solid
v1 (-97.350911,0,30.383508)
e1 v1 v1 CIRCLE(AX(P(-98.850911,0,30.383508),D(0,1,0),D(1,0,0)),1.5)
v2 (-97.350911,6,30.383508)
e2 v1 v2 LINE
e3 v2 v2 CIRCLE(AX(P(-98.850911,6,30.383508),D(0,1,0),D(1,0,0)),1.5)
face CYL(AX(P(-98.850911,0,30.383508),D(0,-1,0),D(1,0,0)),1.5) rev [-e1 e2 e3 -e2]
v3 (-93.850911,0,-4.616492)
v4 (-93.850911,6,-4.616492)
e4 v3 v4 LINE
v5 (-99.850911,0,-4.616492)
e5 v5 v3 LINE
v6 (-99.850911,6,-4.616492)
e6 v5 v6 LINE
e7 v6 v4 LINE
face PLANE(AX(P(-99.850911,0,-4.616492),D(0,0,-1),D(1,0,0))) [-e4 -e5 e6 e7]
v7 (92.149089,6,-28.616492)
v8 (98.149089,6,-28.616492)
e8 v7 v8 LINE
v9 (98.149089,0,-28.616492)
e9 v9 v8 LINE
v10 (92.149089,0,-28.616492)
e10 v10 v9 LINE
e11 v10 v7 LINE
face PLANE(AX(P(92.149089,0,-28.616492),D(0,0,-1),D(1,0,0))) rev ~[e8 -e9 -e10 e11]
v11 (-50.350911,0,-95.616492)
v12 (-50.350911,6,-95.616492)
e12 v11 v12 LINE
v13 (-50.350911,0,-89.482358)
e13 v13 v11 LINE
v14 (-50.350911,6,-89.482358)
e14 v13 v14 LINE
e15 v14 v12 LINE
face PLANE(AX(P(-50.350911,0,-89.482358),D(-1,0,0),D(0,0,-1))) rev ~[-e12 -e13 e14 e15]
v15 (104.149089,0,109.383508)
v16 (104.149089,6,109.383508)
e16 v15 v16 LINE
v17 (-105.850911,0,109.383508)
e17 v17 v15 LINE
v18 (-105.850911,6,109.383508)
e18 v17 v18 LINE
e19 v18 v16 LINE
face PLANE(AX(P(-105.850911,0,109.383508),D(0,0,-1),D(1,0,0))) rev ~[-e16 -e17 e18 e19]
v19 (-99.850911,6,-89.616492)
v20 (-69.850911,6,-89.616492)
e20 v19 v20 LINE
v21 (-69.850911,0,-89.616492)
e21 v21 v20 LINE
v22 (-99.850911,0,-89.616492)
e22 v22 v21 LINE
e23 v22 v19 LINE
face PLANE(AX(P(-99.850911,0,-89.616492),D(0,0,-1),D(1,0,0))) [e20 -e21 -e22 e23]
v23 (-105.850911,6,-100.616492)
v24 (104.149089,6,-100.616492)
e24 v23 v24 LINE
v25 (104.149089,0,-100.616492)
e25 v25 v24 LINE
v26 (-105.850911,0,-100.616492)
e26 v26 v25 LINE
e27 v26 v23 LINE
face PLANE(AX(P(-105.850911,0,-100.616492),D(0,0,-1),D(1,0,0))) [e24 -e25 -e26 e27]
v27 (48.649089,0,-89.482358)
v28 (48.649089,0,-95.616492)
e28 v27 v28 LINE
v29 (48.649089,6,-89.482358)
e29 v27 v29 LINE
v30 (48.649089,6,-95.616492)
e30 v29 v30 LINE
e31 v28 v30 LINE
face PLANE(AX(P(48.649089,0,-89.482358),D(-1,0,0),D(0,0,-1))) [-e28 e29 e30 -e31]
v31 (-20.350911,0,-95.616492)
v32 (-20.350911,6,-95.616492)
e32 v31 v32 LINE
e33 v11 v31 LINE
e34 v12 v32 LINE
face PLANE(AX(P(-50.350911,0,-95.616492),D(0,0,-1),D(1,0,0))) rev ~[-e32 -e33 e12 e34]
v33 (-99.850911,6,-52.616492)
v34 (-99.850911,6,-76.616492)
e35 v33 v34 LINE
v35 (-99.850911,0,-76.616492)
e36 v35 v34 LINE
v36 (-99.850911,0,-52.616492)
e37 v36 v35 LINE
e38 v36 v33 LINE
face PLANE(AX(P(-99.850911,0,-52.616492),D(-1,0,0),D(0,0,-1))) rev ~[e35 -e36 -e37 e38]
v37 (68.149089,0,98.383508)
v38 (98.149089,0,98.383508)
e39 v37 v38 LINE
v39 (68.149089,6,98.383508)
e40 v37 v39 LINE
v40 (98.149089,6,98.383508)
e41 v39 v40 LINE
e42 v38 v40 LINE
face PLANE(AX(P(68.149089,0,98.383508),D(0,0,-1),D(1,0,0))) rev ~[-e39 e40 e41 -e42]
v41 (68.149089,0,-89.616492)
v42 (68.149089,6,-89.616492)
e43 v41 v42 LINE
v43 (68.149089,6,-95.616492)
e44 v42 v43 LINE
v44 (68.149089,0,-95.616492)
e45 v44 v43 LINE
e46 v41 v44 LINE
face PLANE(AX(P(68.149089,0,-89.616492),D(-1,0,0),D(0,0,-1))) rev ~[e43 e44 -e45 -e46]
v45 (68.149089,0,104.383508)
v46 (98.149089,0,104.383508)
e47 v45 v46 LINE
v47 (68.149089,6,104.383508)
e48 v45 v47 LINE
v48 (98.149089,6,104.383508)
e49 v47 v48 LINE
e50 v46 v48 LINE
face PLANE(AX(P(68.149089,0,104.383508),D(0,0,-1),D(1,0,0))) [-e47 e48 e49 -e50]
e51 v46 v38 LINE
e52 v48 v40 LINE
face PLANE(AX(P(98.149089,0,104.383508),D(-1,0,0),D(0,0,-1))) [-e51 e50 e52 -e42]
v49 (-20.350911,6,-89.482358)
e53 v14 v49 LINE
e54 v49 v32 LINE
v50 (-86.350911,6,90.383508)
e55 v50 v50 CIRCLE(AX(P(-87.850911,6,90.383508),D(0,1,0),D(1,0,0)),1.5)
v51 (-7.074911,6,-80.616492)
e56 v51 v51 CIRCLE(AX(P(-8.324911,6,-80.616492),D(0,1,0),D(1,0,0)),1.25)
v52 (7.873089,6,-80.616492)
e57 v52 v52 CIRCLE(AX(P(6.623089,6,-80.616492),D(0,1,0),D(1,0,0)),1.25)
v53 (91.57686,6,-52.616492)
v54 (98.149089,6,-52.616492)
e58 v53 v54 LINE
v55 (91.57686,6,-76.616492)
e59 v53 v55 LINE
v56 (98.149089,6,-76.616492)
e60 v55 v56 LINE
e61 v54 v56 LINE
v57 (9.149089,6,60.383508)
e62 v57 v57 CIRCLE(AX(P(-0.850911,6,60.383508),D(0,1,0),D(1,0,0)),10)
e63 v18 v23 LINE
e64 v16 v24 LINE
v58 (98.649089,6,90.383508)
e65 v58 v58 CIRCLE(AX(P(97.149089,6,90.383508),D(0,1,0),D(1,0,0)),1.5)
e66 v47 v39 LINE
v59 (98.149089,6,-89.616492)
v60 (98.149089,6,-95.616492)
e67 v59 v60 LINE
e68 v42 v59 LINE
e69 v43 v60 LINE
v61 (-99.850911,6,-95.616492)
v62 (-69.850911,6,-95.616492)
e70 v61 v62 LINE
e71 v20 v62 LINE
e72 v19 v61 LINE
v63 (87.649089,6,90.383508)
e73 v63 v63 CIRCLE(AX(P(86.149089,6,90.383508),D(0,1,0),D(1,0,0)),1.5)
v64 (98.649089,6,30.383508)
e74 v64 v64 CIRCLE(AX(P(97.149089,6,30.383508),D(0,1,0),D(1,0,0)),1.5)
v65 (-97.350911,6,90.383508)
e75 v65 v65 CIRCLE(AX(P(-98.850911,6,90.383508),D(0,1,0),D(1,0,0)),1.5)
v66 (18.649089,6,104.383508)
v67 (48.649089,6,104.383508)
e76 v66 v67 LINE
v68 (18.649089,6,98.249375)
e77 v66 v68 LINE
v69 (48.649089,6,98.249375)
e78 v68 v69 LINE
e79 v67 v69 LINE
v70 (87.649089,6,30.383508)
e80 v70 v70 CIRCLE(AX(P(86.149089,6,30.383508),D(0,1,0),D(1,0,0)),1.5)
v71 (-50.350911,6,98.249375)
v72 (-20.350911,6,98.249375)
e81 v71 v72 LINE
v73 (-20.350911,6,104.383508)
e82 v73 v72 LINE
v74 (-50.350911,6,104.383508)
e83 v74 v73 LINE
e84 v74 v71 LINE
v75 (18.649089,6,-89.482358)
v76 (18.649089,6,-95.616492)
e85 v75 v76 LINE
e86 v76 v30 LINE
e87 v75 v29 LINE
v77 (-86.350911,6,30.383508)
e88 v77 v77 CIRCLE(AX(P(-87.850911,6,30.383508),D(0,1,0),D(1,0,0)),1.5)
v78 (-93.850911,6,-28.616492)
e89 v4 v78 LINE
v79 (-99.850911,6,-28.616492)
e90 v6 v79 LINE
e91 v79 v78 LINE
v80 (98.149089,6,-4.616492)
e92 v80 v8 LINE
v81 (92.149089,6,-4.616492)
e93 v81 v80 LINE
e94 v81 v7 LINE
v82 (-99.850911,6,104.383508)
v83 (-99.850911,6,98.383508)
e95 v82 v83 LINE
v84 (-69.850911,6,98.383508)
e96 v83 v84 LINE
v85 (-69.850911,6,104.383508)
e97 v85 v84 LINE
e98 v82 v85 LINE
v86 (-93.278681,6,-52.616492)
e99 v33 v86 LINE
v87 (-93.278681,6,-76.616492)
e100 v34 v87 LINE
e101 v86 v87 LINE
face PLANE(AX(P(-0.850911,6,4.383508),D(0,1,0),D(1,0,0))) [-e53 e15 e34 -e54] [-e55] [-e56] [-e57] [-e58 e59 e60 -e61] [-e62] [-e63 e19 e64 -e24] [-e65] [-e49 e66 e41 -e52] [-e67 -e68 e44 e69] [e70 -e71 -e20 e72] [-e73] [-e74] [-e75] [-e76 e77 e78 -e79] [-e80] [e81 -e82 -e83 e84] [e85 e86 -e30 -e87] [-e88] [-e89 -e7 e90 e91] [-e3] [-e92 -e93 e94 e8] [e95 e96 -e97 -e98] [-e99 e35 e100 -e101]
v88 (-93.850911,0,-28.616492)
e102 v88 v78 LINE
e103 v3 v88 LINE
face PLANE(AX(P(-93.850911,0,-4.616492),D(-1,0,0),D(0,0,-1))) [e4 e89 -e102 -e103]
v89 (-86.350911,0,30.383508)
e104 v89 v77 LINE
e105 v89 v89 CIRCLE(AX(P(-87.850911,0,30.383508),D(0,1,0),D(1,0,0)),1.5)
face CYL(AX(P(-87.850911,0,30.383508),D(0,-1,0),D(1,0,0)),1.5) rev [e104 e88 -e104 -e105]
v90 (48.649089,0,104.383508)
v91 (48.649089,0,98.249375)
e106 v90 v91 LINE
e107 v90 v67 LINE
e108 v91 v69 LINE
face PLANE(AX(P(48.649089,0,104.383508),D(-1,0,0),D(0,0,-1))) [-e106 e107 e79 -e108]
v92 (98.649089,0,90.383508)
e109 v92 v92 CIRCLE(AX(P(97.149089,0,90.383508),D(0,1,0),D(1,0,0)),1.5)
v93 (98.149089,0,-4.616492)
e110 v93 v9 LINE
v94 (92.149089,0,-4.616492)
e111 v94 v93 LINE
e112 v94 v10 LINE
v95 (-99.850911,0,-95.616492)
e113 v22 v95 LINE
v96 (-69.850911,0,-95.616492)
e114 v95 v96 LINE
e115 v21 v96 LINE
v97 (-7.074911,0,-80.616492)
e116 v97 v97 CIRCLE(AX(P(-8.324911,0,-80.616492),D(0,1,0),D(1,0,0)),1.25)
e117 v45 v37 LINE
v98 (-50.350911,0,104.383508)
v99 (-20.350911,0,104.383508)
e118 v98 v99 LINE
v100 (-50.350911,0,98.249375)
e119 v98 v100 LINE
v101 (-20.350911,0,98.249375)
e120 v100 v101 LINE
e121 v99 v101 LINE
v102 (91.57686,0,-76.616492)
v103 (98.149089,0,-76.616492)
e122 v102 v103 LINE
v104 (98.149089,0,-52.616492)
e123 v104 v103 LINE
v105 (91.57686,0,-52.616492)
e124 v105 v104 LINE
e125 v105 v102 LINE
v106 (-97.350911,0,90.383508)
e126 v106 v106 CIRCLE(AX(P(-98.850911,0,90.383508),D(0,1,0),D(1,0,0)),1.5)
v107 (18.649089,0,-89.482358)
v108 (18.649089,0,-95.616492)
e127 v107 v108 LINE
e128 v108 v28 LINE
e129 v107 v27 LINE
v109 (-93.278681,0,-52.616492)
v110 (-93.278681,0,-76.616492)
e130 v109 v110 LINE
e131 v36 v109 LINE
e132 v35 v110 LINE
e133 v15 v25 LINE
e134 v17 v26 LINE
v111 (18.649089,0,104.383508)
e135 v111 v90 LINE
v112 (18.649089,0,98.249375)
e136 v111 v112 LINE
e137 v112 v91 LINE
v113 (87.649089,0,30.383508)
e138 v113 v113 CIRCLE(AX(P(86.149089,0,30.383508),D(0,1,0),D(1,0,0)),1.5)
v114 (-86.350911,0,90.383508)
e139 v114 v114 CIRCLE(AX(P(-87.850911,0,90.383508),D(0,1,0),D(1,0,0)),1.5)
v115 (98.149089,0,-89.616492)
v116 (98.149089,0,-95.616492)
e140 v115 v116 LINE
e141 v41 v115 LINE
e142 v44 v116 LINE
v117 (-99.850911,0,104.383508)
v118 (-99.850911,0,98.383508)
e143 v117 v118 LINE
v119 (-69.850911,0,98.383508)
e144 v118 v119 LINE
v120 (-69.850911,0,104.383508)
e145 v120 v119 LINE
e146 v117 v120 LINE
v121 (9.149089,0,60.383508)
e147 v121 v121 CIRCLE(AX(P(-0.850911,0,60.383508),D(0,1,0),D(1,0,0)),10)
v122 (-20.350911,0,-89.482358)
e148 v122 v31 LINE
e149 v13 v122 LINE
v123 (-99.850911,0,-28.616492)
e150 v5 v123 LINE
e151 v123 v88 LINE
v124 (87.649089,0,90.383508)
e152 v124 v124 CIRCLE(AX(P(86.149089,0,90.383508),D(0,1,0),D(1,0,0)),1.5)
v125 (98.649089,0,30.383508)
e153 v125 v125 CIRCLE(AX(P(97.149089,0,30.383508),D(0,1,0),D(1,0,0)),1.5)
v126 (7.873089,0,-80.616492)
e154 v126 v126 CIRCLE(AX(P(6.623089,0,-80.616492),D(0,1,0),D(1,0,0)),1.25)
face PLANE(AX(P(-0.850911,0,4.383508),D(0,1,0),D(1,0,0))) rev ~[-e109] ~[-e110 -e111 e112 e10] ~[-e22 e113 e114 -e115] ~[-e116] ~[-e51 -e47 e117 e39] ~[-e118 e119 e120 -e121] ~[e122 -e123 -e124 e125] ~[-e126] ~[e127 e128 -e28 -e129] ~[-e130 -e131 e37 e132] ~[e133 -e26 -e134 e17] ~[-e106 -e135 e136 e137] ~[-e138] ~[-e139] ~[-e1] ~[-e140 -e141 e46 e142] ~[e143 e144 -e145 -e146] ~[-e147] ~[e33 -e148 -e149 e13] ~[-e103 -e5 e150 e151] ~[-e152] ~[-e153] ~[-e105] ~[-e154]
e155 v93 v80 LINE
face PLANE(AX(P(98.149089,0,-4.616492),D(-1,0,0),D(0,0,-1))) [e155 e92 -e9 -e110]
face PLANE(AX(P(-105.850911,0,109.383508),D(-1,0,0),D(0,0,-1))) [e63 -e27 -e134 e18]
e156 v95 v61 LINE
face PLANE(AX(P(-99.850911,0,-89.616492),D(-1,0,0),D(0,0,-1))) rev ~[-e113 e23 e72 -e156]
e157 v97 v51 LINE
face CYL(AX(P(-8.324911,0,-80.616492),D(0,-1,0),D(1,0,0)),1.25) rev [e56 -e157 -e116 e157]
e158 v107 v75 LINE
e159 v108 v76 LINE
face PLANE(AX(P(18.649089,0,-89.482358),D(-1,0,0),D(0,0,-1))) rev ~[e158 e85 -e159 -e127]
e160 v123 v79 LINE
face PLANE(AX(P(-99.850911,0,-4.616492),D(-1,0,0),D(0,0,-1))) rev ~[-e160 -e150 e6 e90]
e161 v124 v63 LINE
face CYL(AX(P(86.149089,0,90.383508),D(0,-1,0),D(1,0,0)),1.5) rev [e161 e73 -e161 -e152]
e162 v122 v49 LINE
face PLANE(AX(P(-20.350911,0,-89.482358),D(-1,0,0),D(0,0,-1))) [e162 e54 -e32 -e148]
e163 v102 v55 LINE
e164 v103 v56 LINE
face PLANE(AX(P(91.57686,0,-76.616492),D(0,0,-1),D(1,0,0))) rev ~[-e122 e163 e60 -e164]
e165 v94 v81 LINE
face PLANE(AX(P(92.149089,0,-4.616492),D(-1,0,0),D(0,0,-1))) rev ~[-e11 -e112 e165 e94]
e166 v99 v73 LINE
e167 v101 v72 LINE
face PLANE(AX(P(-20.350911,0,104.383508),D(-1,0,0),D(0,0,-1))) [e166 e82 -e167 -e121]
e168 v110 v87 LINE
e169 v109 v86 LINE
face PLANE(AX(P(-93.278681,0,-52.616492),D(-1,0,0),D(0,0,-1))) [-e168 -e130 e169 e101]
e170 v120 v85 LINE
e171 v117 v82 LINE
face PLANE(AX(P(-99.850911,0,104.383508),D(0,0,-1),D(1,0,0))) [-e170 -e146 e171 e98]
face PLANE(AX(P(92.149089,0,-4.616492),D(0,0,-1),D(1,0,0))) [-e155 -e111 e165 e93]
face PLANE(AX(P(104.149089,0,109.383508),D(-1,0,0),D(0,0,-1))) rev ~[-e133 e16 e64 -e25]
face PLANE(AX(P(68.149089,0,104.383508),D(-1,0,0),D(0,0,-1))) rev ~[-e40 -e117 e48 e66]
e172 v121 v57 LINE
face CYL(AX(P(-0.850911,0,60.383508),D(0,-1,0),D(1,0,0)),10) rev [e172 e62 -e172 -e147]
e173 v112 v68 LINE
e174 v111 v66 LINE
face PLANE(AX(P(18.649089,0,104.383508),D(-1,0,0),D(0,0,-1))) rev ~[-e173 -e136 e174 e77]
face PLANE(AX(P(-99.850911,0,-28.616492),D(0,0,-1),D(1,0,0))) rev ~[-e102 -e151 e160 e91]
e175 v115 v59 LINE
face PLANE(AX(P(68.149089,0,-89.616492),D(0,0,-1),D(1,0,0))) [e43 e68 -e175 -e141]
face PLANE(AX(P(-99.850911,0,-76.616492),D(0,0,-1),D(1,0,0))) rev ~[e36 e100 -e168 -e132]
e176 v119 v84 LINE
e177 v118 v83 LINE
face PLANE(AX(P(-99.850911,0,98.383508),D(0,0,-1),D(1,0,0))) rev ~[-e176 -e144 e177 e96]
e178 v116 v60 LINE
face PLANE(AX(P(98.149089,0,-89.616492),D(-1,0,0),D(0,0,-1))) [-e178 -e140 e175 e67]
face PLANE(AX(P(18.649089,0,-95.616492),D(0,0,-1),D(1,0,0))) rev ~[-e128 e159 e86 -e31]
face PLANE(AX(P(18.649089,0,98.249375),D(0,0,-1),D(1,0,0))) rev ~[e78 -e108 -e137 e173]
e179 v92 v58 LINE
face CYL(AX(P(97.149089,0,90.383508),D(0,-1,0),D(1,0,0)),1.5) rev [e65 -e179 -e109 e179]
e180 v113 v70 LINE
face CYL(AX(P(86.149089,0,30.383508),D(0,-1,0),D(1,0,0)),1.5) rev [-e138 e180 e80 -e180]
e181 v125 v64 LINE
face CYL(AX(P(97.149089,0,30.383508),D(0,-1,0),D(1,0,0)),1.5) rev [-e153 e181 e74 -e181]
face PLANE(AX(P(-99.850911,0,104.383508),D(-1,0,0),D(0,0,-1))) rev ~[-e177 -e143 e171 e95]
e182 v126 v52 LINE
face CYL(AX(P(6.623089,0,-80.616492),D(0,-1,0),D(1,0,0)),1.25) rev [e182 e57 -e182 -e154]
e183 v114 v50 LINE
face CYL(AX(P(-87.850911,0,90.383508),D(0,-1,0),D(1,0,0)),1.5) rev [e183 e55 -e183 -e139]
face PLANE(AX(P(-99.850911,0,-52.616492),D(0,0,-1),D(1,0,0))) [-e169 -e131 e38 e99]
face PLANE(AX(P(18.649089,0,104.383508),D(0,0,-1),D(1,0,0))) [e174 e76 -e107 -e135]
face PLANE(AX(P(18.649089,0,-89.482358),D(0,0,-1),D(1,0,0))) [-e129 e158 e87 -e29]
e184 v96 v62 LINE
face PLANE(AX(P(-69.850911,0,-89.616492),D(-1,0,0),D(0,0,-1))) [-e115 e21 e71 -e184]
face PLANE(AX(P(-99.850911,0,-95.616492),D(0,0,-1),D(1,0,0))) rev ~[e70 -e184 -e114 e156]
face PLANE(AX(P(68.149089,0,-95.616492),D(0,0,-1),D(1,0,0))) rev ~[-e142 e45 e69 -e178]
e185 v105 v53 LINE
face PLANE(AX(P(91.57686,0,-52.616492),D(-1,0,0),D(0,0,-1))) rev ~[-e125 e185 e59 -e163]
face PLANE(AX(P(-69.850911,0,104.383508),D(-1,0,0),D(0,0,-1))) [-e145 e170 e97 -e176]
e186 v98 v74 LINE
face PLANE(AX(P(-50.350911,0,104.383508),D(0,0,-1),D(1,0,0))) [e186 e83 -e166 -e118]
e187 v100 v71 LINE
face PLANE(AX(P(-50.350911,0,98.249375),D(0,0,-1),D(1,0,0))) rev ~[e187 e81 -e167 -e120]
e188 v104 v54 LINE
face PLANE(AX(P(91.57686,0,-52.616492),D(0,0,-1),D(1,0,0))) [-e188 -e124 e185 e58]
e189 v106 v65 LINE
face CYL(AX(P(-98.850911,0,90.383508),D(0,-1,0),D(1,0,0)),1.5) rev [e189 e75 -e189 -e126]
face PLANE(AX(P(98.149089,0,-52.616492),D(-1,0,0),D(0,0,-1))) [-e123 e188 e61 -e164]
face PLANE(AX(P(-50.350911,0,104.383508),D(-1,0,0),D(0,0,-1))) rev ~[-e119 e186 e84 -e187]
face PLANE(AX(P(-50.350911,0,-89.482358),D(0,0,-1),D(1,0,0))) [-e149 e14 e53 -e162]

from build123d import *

# Parameters (mm, degrees)
SKETCH1_W           = 210
SKETCH1_H           = 210
SKETCH1_R           = 1.5
SKETCH1_R_2         = 10
SKETCH1_R_3         = 1.25
SKETCH1_W_2         = 30
SKETCH1_H_2         = 6.134133664
SKETCH1_H_3         = 6
SKETCH1_W_3         = 6.572229622
SKETCH1_H_4         = 24
SKETCH1_W_4         = 6
BOSS_EXTRUDE1_DEPTH = 6


with BuildPart() as part:
    # Sketch1 → Boss-Extrude1 (new body)
    with BuildSketch(Plane(origin=(0, 0, 0), x_dir=(1, 0, 0), z_dir=(0, 1, 0))):
        with Locations((-0.850910849, -4.383508225)):
            Rectangle(SKETCH1_W, SKETCH1_H)
        with Locations((-98.850910849, -90.383508225)):
            Circle(SKETCH1_R, mode=Mode.SUBTRACT)
        with Locations((-87.850910849, -90.383508225)):
            Circle(SKETCH1_R, mode=Mode.SUBTRACT)
        with Locations((-0.850910849, -60.383508225)):
            Circle(SKETCH1_R_2, mode=Mode.SUBTRACT)
        with Locations((-87.850910849, -30.383508225)):
            Circle(SKETCH1_R, mode=Mode.SUBTRACT)
        with Locations((-98.850910849, -30.383508225)):
            Circle(SKETCH1_R, mode=Mode.SUBTRACT)
        with Locations((97.149089151, -90.383508225)):
            Circle(SKETCH1_R, mode=Mode.SUBTRACT)
        with Locations((86.149089151, -90.383508225)):
            Circle(SKETCH1_R, mode=Mode.SUBTRACT)
        with Locations((86.149089151, -30.383508225)):
            Circle(SKETCH1_R, mode=Mode.SUBTRACT)
        with Locations((97.149089151, -30.383508225)):
            Circle(SKETCH1_R, mode=Mode.SUBTRACT)
        with Locations((-8.324910849, 80.616491775)):
            Circle(SKETCH1_R_3, mode=Mode.SUBTRACT)
        with Locations((6.623089151, 80.616491775)):
            Circle(SKETCH1_R_3, mode=Mode.SUBTRACT)
        with Locations((-35.350910849, 92.549424943)):
            Rectangle(SKETCH1_W_2, SKETCH1_H_2, mode=Mode.SUBTRACT)
        with Locations((-84.850910849, 92.616491775)):
            Rectangle(SKETCH1_W_2, SKETCH1_H_3, mode=Mode.SUBTRACT)
        with Locations((33.649089151, 92.549424943)):
            Rectangle(SKETCH1_W_2, SKETCH1_H_2, mode=Mode.SUBTRACT)
        with Locations((83.149089151, 92.616491775)):
            Rectangle(SKETCH1_W_2, SKETCH1_H_3, mode=Mode.SUBTRACT)
        with Locations((83.149089151, -101.383508225)):
            Rectangle(SKETCH1_W_2, SKETCH1_H_3, mode=Mode.SUBTRACT)
        with Locations((33.649089151, -101.316441393)):
            Rectangle(SKETCH1_W_2, SKETCH1_H_2, mode=Mode.SUBTRACT)
        with Locations((-35.350910849, -101.316441393)):
            Rectangle(SKETCH1_W_2, SKETCH1_H_2, mode=Mode.SUBTRACT)
        with Locations((-84.850910849, -101.383508225)):
            Rectangle(SKETCH1_W_2, SKETCH1_H_3, mode=Mode.SUBTRACT)
        with Locations((-96.564796038, 64.616491775)):
            Rectangle(SKETCH1_W_3, SKETCH1_H_4, mode=Mode.SUBTRACT)
        with Locations((-96.850910849, 16.616491775)):
            Rectangle(SKETCH1_W_4, SKETCH1_H_4, mode=Mode.SUBTRACT)
        with Locations((95.149089151, 16.616491775)):
            Rectangle(SKETCH1_W_4, SKETCH1_H_4, mode=Mode.SUBTRACT)
        with Locations((94.86297434, 64.616491775)):
            Rectangle(SKETCH1_W_3, SKETCH1_H_4, mode=Mode.SUBTRACT)
    extrude(amount=BOSS_EXTRUDE1_DEPTH)


solid = part.part
